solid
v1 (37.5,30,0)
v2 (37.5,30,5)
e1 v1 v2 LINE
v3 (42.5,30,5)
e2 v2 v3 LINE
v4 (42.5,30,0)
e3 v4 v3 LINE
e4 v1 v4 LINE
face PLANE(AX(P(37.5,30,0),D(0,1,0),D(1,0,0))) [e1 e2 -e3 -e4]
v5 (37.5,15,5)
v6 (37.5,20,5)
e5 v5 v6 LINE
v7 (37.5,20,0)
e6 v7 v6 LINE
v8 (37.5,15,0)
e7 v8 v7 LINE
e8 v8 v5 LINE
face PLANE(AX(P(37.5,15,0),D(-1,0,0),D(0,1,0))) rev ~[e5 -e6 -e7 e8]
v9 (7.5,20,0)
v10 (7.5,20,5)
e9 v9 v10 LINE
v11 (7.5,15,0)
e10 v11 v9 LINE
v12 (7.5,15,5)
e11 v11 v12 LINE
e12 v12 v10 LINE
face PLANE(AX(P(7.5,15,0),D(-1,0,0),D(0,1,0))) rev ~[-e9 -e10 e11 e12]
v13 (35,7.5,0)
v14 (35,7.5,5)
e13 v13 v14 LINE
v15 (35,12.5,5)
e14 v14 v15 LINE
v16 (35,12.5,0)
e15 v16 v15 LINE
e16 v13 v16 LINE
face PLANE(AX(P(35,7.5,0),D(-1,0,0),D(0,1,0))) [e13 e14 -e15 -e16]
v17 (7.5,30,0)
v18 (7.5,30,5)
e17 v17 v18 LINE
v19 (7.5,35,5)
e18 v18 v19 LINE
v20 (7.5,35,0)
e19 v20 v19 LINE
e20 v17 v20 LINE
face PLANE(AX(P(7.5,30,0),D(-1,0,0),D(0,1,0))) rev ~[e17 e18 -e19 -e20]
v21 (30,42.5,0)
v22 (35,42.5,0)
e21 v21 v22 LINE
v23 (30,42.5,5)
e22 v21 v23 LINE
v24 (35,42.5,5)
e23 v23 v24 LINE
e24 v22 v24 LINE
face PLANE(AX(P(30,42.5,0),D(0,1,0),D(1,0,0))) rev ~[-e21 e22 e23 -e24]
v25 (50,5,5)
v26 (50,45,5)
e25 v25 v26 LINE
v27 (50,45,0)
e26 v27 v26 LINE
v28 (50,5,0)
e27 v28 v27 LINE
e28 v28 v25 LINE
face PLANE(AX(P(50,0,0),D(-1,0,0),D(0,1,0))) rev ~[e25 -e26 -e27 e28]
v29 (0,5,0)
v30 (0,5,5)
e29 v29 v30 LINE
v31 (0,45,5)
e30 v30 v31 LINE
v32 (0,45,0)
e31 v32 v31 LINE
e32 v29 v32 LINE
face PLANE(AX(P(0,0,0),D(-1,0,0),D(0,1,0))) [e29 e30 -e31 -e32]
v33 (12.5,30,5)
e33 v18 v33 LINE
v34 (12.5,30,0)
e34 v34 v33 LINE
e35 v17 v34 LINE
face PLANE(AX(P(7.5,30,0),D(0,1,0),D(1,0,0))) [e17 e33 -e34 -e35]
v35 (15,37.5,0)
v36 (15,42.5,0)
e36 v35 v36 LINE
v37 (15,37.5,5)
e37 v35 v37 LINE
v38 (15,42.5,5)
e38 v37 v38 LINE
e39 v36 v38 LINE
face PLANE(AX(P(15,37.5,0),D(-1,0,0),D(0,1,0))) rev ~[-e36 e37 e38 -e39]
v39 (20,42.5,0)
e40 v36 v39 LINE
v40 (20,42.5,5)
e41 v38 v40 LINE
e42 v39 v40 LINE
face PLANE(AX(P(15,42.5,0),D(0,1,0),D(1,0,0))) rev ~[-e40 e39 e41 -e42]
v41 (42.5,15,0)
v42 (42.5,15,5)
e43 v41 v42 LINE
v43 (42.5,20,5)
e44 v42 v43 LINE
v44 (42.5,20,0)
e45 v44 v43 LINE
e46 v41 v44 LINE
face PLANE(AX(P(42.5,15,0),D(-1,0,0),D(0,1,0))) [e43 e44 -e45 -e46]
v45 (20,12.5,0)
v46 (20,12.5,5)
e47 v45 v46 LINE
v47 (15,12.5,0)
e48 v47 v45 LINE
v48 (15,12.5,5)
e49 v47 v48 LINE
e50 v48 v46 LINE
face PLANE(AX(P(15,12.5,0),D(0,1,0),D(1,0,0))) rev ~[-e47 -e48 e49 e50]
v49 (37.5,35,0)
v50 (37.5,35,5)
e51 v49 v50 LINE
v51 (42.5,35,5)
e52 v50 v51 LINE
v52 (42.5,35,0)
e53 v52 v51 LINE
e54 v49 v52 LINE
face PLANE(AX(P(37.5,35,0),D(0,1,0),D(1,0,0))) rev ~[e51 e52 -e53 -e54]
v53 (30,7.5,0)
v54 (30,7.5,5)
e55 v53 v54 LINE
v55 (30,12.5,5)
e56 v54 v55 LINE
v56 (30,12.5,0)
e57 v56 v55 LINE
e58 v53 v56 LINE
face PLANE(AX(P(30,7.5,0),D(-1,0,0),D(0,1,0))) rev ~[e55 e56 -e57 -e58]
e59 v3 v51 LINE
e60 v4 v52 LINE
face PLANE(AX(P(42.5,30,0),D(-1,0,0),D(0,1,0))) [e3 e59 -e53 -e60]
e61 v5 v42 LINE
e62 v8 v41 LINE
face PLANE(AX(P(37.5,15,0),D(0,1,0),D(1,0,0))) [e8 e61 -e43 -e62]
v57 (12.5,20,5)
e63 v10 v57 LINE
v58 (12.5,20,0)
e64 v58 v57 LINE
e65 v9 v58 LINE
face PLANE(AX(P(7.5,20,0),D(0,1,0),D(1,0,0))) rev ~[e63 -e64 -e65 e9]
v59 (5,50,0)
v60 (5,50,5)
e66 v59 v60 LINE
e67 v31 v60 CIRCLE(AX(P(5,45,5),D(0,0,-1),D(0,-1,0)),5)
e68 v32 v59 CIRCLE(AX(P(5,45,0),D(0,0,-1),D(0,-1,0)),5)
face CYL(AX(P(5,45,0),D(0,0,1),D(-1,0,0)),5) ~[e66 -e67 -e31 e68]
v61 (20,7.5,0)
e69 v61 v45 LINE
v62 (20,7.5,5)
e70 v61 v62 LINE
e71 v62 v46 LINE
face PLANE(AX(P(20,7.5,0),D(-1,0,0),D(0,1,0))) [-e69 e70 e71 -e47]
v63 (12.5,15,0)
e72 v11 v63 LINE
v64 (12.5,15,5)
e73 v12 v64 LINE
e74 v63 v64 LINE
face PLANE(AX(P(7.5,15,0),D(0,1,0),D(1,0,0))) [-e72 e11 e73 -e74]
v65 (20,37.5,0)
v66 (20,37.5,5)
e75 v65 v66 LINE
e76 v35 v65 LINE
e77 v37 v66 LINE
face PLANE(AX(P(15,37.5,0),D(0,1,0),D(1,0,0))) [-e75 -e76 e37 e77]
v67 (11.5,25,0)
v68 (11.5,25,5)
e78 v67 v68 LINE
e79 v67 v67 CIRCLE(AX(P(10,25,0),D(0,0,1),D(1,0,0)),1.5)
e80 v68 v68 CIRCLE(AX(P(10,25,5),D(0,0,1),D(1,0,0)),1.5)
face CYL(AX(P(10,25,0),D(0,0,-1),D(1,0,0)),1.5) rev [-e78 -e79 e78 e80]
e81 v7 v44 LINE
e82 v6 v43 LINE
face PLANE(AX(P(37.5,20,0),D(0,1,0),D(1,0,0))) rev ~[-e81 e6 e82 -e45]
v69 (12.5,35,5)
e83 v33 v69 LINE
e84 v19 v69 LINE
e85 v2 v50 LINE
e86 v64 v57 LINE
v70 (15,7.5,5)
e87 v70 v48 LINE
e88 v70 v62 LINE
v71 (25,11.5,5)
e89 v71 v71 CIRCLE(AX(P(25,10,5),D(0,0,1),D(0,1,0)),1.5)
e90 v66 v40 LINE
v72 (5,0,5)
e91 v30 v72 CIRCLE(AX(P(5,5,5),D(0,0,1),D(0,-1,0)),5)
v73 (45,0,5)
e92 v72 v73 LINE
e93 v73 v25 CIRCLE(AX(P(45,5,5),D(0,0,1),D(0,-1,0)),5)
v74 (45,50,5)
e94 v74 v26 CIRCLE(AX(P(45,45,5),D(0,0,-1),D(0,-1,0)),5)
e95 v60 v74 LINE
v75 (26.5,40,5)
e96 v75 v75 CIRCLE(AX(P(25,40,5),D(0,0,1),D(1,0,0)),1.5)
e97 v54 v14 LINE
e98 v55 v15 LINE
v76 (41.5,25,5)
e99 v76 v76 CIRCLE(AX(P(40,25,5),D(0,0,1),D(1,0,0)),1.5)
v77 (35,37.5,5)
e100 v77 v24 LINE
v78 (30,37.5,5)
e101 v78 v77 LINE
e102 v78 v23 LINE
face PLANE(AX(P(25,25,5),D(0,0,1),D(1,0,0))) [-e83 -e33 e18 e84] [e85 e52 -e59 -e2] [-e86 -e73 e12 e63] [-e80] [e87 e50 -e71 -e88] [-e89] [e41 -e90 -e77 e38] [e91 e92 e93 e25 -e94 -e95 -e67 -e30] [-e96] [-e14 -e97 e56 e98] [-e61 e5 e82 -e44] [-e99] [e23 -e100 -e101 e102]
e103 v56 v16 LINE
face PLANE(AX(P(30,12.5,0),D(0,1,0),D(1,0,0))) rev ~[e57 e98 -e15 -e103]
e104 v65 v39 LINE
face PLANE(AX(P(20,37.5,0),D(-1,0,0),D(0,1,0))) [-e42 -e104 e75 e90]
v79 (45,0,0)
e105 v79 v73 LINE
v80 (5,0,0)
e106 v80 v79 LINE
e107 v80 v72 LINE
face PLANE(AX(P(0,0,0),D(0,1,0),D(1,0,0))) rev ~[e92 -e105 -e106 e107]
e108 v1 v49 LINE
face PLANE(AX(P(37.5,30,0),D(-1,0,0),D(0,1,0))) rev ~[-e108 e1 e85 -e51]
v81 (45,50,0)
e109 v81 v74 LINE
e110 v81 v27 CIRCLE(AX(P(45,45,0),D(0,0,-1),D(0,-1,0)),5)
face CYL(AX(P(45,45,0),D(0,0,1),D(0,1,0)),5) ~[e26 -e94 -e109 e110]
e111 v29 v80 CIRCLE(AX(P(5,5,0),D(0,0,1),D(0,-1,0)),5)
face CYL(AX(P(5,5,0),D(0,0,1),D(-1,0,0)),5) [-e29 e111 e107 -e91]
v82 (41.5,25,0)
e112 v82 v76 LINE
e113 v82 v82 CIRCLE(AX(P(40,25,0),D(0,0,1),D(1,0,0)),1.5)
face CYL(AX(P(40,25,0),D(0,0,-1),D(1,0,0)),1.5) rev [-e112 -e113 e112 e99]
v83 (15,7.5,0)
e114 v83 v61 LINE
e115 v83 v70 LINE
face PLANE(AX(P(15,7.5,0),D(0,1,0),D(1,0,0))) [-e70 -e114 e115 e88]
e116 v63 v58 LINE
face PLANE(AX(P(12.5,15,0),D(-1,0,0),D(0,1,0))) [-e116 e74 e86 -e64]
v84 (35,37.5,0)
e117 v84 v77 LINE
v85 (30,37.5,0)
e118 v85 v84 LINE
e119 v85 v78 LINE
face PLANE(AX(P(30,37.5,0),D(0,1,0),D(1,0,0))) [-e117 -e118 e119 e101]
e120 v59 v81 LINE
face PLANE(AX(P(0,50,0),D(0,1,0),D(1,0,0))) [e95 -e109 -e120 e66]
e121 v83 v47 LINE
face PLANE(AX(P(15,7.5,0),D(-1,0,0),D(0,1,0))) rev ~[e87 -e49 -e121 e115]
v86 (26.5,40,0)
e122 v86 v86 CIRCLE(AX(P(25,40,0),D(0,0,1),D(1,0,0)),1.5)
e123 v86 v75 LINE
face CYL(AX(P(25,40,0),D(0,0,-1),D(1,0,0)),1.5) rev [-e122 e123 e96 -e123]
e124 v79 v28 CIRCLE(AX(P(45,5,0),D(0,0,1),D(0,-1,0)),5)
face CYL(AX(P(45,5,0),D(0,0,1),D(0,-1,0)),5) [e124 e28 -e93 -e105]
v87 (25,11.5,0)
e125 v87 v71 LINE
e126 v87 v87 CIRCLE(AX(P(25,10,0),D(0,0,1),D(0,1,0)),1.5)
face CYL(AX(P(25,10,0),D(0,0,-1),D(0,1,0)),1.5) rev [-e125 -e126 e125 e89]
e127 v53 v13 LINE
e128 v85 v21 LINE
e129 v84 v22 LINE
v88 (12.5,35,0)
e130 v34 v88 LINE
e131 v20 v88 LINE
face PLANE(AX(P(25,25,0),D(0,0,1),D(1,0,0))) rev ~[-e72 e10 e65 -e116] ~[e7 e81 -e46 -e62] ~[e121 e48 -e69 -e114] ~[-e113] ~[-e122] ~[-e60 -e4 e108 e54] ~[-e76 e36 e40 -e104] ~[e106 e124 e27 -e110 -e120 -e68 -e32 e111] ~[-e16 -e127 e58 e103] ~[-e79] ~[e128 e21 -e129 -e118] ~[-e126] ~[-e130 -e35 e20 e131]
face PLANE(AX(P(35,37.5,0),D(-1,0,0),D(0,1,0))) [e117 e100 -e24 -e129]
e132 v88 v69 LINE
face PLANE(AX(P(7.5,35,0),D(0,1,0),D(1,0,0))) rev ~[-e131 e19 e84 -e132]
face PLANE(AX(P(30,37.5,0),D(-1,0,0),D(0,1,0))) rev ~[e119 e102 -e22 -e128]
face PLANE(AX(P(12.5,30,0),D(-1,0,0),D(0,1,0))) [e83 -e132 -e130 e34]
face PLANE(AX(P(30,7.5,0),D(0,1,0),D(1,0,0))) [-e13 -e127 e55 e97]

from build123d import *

# Parameters (mm, degrees)
SKETCH1_W           = 50
SKETCH1_H           = 50
SKETCH1_R           = 1.5
SKETCH1_W_2         = 5
SKETCH1_H_2         = 5
BOSS_EXTRUDE1_DEPTH = 5
FILLET1_R           = 5


with BuildPart() as part:
    # Sketch1 → Boss-Extrude1 (new body)
    with BuildSketch(Plane.XY):
        with Locations((25, 25)):
            Rectangle(SKETCH1_W, SKETCH1_H)
        with Locations((40, 25)):
            Circle(SKETCH1_R, mode=Mode.SUBTRACT)
        with Locations((10, 25)):
            Circle(SKETCH1_R, mode=Mode.SUBTRACT)
        with Locations((25, 40)):
            Circle(SKETCH1_R, mode=Mode.SUBTRACT)
        with Locations(Location((25, 10, 0), (0, 0, 90))):
            Circle(SKETCH1_R, mode=Mode.SUBTRACT)
        with Locations((40, 17.5)):
            Rectangle(SKETCH1_W_2, SKETCH1_H_2, mode=Mode.SUBTRACT)
        with Locations((40, 32.5)):
            Rectangle(SKETCH1_W_2, SKETCH1_H_2, mode=Mode.SUBTRACT)
        with Locations((10, 17.5)):
            Rectangle(SKETCH1_W_2, SKETCH1_H_2, mode=Mode.SUBTRACT)
        with Locations((10, 32.5)):
            Rectangle(SKETCH1_W_2, SKETCH1_H_2, mode=Mode.SUBTRACT)
        with Locations((32.5, 40)):
            Rectangle(SKETCH1_W_2, SKETCH1_H_2, mode=Mode.SUBTRACT)
        with Locations((17.5, 40)):
            Rectangle(SKETCH1_W_2, SKETCH1_H_2, mode=Mode.SUBTRACT)
        with Locations((32.5, 10)):
            Rectangle(SKETCH1_W_2, SKETCH1_H_2, mode=Mode.SUBTRACT)
        with Locations((17.5, 10)):
            Rectangle(SKETCH1_W_2, SKETCH1_H_2, mode=Mode.SUBTRACT)
    extrude(amount=BOSS_EXTRUDE1_DEPTH)

    # Fillet1
    fillet1_edges = [part.edges().sort_by_distance(p)[0] for p in [
        (0, 50, 2.5),
        (50, 50, 2.5),
        (50, 0, 2.5),
        (0, 0, 2.5),
    ]]
    fillet(fillet1_edges, radius=FILLET1_R)


solid = part.part
